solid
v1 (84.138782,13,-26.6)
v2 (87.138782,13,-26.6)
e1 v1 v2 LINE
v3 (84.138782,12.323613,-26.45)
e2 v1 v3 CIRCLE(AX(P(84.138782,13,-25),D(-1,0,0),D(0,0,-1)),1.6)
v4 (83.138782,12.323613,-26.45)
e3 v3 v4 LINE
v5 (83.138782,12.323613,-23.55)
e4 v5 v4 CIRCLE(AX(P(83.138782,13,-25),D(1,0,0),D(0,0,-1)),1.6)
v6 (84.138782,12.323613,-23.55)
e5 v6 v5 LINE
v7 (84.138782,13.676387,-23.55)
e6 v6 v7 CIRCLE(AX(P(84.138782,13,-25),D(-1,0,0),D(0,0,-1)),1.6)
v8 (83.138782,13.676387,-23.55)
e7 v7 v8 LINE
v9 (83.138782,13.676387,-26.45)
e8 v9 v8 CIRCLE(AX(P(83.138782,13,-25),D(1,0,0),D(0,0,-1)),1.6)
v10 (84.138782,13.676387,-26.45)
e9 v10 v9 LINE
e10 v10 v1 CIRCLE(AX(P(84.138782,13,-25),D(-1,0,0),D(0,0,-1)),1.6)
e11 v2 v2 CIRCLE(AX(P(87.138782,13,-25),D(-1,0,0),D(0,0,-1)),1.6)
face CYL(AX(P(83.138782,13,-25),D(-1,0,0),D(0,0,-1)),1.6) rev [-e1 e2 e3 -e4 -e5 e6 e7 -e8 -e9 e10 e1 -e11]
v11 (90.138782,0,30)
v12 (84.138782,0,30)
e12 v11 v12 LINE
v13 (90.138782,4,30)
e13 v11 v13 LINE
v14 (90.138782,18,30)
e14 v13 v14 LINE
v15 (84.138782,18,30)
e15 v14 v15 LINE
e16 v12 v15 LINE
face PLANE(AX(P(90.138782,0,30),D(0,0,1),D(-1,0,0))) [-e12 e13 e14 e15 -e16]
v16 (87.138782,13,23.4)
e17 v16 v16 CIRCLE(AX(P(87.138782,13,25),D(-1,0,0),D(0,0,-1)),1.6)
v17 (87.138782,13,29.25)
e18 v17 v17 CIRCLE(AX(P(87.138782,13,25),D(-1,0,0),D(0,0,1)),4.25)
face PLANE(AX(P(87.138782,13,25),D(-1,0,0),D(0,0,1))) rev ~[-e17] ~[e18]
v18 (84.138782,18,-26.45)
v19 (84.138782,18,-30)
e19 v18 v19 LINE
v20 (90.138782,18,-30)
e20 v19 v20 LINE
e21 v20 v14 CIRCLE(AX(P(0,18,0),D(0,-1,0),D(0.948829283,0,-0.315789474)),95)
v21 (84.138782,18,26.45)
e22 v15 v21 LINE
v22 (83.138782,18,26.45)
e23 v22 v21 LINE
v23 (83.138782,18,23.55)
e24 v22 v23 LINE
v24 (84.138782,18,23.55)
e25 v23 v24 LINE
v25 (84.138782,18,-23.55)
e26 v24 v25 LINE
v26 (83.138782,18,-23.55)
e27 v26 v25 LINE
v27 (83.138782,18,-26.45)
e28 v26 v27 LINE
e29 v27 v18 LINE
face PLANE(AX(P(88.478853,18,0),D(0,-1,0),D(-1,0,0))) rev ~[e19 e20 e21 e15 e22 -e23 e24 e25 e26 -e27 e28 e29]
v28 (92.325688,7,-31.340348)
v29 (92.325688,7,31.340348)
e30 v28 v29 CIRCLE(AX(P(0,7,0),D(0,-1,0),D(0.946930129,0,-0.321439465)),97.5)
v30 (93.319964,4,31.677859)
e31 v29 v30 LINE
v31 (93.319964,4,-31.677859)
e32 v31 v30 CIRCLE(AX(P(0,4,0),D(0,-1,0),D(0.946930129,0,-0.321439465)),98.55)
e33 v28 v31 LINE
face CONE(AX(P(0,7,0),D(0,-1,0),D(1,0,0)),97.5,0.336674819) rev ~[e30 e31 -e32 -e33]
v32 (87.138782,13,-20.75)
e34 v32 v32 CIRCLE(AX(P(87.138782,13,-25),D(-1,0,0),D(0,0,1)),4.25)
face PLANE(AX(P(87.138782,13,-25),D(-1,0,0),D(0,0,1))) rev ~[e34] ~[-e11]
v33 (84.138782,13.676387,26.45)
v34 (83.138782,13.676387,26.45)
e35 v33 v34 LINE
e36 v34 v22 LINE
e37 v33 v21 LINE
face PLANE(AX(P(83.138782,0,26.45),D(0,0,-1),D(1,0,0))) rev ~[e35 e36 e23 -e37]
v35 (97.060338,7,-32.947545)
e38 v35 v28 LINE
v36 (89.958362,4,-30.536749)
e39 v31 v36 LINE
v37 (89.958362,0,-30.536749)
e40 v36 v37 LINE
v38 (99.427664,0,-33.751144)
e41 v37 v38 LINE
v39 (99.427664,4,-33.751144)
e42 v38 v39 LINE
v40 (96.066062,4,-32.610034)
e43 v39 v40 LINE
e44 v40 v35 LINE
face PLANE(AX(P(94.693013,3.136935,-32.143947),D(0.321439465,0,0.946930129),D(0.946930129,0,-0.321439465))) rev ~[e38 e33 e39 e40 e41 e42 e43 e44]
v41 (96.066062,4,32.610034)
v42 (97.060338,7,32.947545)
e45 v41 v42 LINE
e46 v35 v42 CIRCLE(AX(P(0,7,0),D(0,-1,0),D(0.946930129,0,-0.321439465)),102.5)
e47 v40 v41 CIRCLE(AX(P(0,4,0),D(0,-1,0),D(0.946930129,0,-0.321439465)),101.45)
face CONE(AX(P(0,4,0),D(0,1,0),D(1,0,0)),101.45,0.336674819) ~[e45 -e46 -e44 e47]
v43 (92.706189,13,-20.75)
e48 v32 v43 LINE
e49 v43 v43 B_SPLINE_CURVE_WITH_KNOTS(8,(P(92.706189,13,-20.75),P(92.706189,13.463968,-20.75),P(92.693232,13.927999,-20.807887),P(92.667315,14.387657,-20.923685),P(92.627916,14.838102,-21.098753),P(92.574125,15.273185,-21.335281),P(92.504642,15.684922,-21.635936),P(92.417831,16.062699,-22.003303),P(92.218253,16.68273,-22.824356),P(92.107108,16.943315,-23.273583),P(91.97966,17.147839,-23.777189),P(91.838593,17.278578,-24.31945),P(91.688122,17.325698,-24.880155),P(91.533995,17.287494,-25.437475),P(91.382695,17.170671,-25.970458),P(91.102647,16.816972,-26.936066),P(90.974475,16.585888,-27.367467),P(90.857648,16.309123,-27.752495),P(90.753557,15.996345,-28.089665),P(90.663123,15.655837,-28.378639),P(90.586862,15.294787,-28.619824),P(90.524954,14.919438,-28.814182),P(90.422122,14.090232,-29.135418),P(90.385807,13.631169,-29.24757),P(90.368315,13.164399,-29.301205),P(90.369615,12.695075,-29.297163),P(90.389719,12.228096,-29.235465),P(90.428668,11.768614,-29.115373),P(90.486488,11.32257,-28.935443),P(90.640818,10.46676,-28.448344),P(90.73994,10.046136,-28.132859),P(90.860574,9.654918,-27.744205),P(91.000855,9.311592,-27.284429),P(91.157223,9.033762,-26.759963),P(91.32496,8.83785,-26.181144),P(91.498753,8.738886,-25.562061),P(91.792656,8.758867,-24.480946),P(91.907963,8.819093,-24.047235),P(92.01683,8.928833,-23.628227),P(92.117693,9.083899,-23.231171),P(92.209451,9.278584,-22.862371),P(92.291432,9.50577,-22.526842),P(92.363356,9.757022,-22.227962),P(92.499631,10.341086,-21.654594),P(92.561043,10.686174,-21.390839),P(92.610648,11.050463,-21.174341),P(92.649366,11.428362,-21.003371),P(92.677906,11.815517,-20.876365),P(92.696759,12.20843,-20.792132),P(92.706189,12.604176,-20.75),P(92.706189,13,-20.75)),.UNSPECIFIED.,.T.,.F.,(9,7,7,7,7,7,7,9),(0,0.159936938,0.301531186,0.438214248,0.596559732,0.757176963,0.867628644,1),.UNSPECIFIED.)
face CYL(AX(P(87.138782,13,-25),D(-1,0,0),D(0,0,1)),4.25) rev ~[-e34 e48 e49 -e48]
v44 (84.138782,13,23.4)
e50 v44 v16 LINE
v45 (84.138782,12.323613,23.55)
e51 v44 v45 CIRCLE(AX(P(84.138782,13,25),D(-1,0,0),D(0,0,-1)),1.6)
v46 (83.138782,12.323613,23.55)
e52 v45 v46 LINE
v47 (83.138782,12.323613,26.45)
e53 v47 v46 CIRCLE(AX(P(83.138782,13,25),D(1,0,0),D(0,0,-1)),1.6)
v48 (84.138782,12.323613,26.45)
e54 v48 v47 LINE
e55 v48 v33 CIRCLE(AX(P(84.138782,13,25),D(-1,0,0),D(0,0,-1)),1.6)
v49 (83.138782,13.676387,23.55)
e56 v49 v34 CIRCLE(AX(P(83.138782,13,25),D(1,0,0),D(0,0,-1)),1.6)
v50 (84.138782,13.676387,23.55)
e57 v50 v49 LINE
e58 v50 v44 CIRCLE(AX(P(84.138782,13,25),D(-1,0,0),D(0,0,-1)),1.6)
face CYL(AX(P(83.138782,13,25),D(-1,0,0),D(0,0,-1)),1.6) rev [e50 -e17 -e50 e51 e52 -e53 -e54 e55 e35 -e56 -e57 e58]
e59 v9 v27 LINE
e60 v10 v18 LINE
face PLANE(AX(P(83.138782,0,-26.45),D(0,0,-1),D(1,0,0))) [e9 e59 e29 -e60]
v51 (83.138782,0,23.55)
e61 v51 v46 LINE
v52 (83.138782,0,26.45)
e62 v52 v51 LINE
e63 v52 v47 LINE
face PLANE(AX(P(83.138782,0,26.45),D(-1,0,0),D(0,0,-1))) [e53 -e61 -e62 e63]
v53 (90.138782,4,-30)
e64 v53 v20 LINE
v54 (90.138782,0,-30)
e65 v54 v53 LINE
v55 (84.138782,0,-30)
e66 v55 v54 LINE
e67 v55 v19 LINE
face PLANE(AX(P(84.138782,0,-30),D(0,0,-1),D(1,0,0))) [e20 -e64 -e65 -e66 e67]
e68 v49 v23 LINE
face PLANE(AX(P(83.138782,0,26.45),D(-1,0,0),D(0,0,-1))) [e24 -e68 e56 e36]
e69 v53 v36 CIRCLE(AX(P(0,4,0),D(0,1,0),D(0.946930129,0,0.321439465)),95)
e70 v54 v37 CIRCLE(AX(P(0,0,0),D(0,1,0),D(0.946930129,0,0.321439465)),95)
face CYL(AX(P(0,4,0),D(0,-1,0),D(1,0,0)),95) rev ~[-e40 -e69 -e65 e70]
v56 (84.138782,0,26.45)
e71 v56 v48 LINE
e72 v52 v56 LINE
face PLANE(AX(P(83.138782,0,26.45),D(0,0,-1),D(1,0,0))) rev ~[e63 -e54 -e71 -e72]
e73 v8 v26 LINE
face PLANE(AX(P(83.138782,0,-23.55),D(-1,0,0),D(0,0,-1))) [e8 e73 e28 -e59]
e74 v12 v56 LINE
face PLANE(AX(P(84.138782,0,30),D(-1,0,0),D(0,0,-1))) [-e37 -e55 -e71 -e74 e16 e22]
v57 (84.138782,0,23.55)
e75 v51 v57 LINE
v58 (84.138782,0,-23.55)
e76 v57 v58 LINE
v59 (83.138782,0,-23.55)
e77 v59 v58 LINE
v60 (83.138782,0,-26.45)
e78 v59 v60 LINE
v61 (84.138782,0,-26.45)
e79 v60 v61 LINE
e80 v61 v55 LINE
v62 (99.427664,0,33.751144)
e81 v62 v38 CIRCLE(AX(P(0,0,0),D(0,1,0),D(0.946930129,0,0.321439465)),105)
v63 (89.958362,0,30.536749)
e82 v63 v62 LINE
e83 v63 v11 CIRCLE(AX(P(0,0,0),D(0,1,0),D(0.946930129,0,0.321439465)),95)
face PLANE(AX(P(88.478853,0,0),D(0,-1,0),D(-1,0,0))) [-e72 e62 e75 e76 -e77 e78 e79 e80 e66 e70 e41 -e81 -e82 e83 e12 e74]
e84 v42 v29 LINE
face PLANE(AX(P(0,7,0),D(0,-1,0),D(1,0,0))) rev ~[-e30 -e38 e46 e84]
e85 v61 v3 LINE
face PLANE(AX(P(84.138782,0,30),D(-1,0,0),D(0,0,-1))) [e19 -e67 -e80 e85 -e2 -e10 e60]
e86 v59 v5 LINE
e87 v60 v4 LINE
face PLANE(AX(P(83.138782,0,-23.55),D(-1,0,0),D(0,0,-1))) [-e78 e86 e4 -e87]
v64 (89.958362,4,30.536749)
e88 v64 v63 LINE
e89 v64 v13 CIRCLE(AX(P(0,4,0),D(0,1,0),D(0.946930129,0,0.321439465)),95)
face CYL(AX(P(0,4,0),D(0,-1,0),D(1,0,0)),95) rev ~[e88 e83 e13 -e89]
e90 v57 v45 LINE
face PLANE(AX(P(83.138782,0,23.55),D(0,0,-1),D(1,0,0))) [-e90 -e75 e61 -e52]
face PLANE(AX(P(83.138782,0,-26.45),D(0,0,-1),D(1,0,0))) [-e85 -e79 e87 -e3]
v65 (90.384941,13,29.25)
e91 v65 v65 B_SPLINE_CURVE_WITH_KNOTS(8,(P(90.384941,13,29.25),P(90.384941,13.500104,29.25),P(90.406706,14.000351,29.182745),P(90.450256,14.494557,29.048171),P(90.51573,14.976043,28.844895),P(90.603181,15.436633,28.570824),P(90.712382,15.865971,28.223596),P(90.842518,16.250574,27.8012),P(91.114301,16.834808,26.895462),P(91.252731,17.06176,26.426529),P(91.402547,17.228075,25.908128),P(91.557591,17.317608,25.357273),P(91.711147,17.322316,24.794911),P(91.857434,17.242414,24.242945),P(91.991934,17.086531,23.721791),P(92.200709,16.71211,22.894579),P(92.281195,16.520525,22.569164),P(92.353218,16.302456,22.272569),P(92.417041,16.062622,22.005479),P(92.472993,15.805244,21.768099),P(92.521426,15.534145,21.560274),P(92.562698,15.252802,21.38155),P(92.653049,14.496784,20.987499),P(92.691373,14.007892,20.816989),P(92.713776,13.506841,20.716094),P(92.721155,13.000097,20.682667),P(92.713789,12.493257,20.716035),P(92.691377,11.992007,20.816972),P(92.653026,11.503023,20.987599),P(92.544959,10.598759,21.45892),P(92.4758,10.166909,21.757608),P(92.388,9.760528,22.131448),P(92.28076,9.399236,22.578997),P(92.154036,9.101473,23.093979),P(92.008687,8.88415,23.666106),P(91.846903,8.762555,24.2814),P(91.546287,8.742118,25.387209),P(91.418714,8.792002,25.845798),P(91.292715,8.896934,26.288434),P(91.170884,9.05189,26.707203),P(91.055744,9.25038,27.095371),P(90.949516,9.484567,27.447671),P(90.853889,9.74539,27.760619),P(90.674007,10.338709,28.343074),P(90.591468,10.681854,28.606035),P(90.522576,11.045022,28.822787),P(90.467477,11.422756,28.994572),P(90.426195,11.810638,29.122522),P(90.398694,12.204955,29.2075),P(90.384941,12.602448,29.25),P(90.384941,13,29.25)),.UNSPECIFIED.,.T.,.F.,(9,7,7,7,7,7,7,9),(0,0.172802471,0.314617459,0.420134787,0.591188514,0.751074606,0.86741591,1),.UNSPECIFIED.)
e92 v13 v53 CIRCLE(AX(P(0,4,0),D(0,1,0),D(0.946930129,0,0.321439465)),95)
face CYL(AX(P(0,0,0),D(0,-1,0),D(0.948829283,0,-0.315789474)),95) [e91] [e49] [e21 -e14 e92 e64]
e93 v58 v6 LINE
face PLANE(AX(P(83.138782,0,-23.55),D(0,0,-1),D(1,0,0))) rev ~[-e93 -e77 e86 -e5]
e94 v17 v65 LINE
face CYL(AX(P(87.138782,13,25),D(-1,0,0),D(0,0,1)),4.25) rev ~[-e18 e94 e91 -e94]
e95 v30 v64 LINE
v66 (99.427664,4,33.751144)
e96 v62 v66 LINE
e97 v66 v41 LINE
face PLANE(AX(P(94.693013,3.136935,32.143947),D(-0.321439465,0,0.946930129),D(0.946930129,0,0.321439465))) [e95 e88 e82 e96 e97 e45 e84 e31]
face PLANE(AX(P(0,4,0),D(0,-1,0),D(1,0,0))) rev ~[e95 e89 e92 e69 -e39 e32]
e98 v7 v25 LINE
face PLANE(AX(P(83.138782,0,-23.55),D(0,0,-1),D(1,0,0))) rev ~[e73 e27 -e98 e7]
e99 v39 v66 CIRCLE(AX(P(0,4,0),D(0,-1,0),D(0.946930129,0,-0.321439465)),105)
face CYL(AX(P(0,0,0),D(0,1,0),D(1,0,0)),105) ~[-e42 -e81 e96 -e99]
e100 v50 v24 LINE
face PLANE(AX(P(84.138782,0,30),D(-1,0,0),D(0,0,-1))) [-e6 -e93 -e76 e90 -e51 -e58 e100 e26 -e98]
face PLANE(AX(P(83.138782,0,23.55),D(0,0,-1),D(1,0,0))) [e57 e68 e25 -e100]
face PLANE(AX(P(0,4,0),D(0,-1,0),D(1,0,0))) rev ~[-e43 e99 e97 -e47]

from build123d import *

# Parameters (mm, degrees)
MAIN_ANGLE             = 37.5
SUPPORT_DEPTH          = 18
SKETCH6_W              = 1
SKETCH6_H              = 2.9
MAKERBEAMSUPPORT_DEPTH = 18
SKETCH7_R              = 1.6
HOLESMAKERBEAM_DEPTH   = 22.861218113
SKETCH8_R              = 4.25
CUT_EXTRUDE1_DEPTH     = 7


with BuildPart() as part:
    # Sketch1 → Main (revolve, symmetric)
    with BuildSketch(Plane.XY) as main_sk:
        Polygon((105, 0), (105, 4), (101.45, 4), (102.5, 7), (97.5, 7), (98.55, 4), (95, 4), (95, 0), align=None)
    revolve(axis=Axis((0, -0.284703924, 0), (0, 1, 0)), revolution_arc=MAIN_ANGLE / 2)
    revolve(main_sk.sketch, axis=Axis((0, -0.284703924, 0), (0, -1, 0)), revolution_arc=MAIN_ANGLE / 2)

    # Sketch2 → Support (add)
    with BuildSketch(Plane(origin=(0, 0, 0), x_dir=(-1, 0, 0), z_dir=(0, -1, 0))):
        with BuildLine():
            Line((-90.138781887, -30), (-84.138781887, -30))
            Line((-84.138781887, -30), (-84.138781887, 30))
            Line((-84.138781887, 30), (-90.138781887, 30))
            ThreePointArc((-90.138781887, 30), (-95, 0), (-90.138781887, -30))
        make_face()
    extrude(amount=-SUPPORT_DEPTH)

    # Sketch6 → MakerBeamSupport (add)
    with BuildSketch(Plane(origin=(0, 0, 0), x_dir=(1, 0, 0), z_dir=(0, 1, 0))):
        with Locations((83.638781887, -25)):
            Rectangle(SKETCH6_W, SKETCH6_H)
        with Locations((83.638781887, 25)):
            Rectangle(SKETCH6_W, SKETCH6_H)
    extrude(amount=MAKERBEAMSUPPORT_DEPTH)

    # Sketch7 → HolesMakerBeam (cut, through all)
    with BuildSketch(Plane(origin=(83.138781887, 0, 0), x_dir=(0, 0, -1), z_dir=(1, 0, 0))):
        with Locations((-25, 13)):
            Circle(SKETCH7_R)
        with Locations((25, 13)):
            Circle(SKETCH7_R)
    extrude(amount=HOLESMAKERBEAM_DEPTH, mode=Mode.SUBTRACT)

    # Sketch8 → Cut-Extrude1 (cut)
    with BuildSketch(Plane.ZY.offset(-87.138781887)):
        with Locations((25, 13)):
            Circle(SKETCH8_R)
        with Locations((-25, 13)):
            Circle(SKETCH8_R)
    extrude(amount=-CUT_EXTRUDE1_DEPTH, mode=Mode.SUBTRACT)


solid = part.part
